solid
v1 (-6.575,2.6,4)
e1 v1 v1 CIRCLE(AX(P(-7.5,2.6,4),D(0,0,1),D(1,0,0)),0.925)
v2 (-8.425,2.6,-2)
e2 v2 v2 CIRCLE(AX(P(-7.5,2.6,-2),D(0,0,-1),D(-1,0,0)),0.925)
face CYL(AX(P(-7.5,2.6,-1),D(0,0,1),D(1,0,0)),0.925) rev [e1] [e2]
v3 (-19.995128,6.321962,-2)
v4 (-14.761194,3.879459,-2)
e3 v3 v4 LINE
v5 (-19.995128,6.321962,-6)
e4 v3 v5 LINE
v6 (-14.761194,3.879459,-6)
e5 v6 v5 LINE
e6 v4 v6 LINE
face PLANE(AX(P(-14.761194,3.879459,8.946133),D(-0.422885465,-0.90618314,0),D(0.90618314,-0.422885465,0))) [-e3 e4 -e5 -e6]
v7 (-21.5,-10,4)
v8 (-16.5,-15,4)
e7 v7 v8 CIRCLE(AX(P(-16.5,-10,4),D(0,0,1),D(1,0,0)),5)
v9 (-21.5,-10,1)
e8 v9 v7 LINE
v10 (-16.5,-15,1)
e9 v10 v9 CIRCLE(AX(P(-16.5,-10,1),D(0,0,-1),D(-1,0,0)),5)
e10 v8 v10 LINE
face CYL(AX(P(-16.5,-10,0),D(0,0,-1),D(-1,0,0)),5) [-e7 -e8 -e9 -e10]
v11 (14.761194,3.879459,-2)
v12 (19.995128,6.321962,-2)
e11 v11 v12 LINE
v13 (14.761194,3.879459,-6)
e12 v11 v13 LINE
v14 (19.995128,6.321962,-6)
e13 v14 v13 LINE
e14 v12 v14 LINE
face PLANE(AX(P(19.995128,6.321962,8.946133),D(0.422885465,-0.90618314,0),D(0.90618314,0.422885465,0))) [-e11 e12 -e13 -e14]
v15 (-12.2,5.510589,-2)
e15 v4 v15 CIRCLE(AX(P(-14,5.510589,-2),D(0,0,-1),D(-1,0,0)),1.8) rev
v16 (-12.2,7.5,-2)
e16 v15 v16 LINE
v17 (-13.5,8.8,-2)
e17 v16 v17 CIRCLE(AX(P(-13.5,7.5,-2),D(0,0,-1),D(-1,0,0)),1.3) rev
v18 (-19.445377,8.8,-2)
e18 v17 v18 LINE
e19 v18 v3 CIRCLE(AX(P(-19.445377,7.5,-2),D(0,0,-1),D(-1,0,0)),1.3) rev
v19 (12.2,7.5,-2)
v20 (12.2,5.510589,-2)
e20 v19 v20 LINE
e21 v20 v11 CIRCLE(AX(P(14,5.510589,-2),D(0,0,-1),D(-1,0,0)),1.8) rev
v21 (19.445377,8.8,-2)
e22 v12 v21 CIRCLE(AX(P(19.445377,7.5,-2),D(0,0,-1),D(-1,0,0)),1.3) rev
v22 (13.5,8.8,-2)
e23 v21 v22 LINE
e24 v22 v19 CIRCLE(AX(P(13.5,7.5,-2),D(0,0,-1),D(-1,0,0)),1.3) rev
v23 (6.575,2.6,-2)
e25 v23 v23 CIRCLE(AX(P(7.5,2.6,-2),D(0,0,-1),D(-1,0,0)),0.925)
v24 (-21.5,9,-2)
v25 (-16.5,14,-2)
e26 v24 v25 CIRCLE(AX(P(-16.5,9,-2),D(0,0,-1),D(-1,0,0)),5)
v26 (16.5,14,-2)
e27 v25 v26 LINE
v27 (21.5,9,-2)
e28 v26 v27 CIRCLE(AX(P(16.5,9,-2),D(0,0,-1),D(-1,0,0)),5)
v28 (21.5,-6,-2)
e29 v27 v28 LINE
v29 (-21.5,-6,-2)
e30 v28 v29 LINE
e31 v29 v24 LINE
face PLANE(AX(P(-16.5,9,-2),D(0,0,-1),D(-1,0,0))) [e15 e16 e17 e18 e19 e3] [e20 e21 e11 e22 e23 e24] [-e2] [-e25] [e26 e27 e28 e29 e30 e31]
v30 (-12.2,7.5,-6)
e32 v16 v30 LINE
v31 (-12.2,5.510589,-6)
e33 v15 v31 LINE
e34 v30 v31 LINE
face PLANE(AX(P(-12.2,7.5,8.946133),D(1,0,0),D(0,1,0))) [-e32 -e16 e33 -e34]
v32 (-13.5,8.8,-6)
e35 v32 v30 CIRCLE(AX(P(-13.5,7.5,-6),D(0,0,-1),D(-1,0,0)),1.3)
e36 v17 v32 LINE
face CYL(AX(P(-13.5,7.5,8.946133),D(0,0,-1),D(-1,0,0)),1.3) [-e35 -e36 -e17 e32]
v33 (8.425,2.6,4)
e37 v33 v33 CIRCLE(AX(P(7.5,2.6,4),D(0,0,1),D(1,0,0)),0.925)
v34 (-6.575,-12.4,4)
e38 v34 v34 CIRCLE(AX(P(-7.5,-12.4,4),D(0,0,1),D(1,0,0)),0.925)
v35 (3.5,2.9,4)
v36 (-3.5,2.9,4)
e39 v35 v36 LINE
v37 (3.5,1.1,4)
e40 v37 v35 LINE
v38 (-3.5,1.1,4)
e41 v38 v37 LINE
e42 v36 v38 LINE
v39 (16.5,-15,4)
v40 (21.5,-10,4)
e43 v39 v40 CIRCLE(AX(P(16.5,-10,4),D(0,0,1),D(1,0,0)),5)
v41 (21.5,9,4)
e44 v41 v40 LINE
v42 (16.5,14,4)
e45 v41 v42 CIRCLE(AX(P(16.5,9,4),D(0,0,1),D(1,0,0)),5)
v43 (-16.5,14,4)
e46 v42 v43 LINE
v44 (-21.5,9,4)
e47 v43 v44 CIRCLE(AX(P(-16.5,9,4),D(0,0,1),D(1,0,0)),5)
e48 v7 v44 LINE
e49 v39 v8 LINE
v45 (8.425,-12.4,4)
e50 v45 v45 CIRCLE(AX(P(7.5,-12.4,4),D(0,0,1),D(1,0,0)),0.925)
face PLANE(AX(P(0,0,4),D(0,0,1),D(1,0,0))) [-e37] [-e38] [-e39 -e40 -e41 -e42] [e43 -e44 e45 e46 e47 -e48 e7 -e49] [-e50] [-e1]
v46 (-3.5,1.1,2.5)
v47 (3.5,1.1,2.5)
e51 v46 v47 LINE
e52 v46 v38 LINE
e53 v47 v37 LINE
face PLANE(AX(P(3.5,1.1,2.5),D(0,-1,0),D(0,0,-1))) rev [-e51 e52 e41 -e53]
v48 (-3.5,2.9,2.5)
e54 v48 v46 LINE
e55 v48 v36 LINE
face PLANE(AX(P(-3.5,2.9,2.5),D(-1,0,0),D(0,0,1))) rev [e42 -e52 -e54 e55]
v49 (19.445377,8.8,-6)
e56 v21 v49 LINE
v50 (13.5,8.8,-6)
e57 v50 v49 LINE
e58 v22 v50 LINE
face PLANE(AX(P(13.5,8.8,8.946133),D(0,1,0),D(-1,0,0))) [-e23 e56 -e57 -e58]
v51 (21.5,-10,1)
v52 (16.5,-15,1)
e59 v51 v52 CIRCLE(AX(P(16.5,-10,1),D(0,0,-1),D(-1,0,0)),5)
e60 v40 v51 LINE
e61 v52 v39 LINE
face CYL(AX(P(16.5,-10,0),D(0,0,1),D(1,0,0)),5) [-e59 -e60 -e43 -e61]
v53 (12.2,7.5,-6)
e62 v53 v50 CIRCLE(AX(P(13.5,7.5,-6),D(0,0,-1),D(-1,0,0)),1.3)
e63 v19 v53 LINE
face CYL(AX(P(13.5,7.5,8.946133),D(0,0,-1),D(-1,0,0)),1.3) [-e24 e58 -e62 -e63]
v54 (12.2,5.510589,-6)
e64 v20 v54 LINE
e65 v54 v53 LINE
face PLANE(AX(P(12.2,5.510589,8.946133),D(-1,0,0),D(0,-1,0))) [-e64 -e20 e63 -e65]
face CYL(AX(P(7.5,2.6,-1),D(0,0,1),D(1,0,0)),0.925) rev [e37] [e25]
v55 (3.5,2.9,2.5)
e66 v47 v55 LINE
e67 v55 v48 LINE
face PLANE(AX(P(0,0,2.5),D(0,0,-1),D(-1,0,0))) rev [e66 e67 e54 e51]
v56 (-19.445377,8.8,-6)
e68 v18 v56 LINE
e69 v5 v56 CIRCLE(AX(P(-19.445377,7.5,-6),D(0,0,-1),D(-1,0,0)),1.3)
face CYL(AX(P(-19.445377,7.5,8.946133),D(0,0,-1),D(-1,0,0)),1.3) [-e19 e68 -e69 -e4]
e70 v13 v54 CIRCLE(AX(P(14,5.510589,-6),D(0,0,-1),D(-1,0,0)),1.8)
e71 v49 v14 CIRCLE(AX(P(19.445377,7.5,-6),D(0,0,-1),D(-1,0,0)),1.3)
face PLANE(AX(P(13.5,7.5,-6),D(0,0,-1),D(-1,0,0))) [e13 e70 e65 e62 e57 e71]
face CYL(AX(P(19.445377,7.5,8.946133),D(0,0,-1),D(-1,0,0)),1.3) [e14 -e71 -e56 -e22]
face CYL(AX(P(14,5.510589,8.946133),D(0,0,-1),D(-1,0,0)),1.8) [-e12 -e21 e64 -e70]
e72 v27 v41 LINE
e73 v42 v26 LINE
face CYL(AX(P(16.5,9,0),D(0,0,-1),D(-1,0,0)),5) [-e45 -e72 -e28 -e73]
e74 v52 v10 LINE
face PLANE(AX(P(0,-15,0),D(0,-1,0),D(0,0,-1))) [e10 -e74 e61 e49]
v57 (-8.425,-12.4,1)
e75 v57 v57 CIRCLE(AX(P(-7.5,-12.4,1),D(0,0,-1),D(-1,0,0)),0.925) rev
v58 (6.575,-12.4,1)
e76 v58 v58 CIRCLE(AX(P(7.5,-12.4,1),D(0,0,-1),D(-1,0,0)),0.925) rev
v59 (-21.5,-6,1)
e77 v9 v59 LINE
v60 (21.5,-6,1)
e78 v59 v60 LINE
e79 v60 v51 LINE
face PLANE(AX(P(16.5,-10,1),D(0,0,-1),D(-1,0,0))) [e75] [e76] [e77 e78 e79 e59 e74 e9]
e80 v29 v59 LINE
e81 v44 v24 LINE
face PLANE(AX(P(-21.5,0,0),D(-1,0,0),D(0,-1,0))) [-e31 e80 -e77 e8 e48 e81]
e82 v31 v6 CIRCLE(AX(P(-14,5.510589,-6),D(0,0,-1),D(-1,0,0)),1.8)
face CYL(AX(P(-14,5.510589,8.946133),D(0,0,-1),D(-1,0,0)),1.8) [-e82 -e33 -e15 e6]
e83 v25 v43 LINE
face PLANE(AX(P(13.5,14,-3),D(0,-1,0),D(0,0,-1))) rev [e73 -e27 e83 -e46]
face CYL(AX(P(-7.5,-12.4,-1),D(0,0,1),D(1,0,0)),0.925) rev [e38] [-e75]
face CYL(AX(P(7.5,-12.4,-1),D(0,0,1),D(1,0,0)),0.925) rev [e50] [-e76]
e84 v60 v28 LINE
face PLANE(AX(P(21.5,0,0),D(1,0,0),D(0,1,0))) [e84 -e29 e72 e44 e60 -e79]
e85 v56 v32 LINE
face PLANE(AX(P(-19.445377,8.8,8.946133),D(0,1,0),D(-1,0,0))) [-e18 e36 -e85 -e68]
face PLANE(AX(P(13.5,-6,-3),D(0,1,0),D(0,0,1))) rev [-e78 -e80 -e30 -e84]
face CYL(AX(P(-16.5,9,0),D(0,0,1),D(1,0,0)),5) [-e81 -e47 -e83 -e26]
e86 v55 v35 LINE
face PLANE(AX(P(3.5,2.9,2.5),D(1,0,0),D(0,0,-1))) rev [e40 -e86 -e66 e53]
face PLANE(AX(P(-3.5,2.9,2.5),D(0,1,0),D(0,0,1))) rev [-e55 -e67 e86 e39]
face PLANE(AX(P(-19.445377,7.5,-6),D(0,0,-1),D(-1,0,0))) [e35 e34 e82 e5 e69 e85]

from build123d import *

# Parameters (mm, degrees)
SKETCH_1_W           = 27
SKETCH_1_H           = 20
EXTRUDE_1_DEPTH      = 4
SKETCH_2_W           = 6.8
SKETCH_2_H           = 1.6
CUT_EXTRUDE_1_DEPTH  = 1.5
EXTRUDE_2_DEPTH      = 3
SKETCH_5_W           = 27
SKETCH_5_H           = 4
EXTRUDE_3_DEPTH      = 4
SKETCH_9_W           = 27
SKETCH_9_H           = 20
CUT_EXTRUDE_4_DEPTH  = 2
EXTRUDE_6_DEPTH      = 8
EXTRUDE_7_DEPTH      = 8
SKETCH_12_W          = 43
SKETCH_12_H          = 16
EXTRUDE_8_DEPTH      = 20
SKETCH_13_W          = 43
SKETCH_13_H          = 16
CUT_EXTRUDE_5_DEPTH  = 20
CUT_EXTRUDE_6_DEPTH  = 16
SKETCH_17_W          = 7
SKETCH_17_H          = 1.8
CUT_EXTRUDE_8_DEPTH  = 1.5
SKETCH_18_W          = 43
SKETCH_18_H          = 4
EXTRUDE_9_DEPTH      = 5
SKETCH_19_R          = 0.925
CUT_EXTRUDE_9_DEPTH  = 5
SKETCH_20_W          = 7
SKETCH_20_H          = 1.8
CUT_EXTRUDE_10_DEPTH = 1.5
SKETCH_21_W          = 7
SKETCH_21_H          = 1.8
EXTRUDE_10_DEPTH     = 1.5
FILLET_2_R           = 5
EXTRUDE_11_DEPTH     = 4
EXTRUDE_12_DEPTH     = 4
CUT_EXTRUDE_11_DEPTH = 1
SKETCH_25_R          = 0.925
EXTRUDE_13_DEPTH     = 1
EXTRUDE_START        = 1
EXTRUDE_14_DEPTH     = 1


with BuildPart() as part:
    # 草图1 → 凸台-拉伸1 (new body)
    with BuildSketch(Plane.XY):
        Rectangle(SKETCH_1_W, SKETCH_1_H)
    extrude(amount=EXTRUDE_1_DEPTH)

    # 草图2 → 切除-拉伸1 (cut)
    with BuildSketch(Plane(origin=(6.414908285, -0.597250082, 4), x_dir=(1, 0, 0), z_dir=(0, 0, 1))):
        with Locations((-6.414908285, 7.597250082)):
            Rectangle(SKETCH_2_W, SKETCH_2_H)
    extrude(amount=-CUT_EXTRUDE_1_DEPTH, mode=Mode.SUBTRACT)

    # 草图4 → 凸台-拉伸2 (add)
    with BuildSketch(Plane(origin=(0, 0, 0), x_dir=(-1, 0, 0), z_dir=(0, 0, -1))):
        Polygon((-13.5, 10), (-13.5, 14), (13.5, 14), (13.5, 10), (13.5, -6), (-13.5, -6), align=None)
    extrude(amount=EXTRUDE_2_DEPTH)

    # 草图5 → 凸台-拉伸3 (add)
    with BuildSketch(Plane(origin=(0, 10, 0), x_dir=(1, 0, 0), z_dir=(0, 1, 0))):
        with Locations((0, -2)):
            Rectangle(SKETCH_5_W, SKETCH_5_H)
    extrude(amount=EXTRUDE_3_DEPTH)

    # 草图9 → 切除-拉伸4 (cut)
    with BuildSketch(Plane(origin=(0, 0, -3), x_dir=(-1, 0, 0), z_dir=(0, 0, -1))):
        with Locations((0, 4)):
            Rectangle(SKETCH_9_W, SKETCH_9_H)
    extrude(amount=-CUT_EXTRUDE_4_DEPTH, mode=Mode.SUBTRACT)

    # 草图10 → 凸台-拉伸6 (add)
    with BuildSketch(Plane.ZY.offset(13.5)):
        Polygon((-1, 14), (-1, -6), (0, -6), (0, -10), (4, -10), (4, 14), align=None)
    extrude(amount=EXTRUDE_6_DEPTH)

    # 草图11 → 凸台-拉伸7 (add)
    with BuildSketch(Plane(origin=(13.5, 0, 0), x_dir=(0, 0, -1), z_dir=(1, 0, 0))):
        Polygon((1, -6), (1, 14), (-4, 14), (-4, -10), (0, -10), (0, -6), align=None)
    extrude(amount=EXTRUDE_7_DEPTH)

    # 草图12 → 凸台-拉伸8 (add)
    with BuildSketch(Plane(origin=(0, 0, -1), x_dir=(-1, 0, 0), z_dir=(0, 0, -1))):
        with Locations((0, 6)):
            Rectangle(SKETCH_12_W, SKETCH_12_H)
    extrude(amount=EXTRUDE_8_DEPTH)

    # 草图13 → 切除-拉伸5 (cut)
    with BuildSketch(Plane(origin=(6.414908285, -0.597250082, -21), x_dir=(-1, 0, 0), z_dir=(0, 0, -1))):
        with Locations((6.414908285, 6.597250082)):
            Rectangle(SKETCH_13_W, SKETCH_13_H)
        with BuildLine():
            Line((26.283170409, 7.191066942), (21.049236483, 4.748564443))
            ThreePointArc((21.049236483, 4.748564443), (19.609145385, 4.842633182), (18.914908285, 6.107839153))
            Line((18.914908285, 6.107839153), (18.914908285, 8.097250082))
            ThreePointArc((18.914908285, 8.097250082), (19.207801504, 8.804356863), (19.914908285, 9.097250082))
            Line((19.914908285, 9.097250082), (25.860284943, 9.097250082))
            ThreePointArc((25.860284943, 9.097250082), (26.836549031, 8.313833622), (26.283170409, 7.191066942))
        make_face(mode=Mode.SUBTRACT)
        with BuildLine():
            Line((-13.453353838, 7.191066942), (-8.219419913, 4.748564443))
            ThreePointArc((-8.219419913, 4.748564443), (-6.779328815, 4.842633182), (-6.085091715, 6.107839153))
            Line((-6.085091715, 6.107839153), (-6.085091715, 8.097250082))
            ThreePointArc((-6.085091715, 8.097250082), (-6.377984934, 8.804356863), (-7.085091715, 9.097250082))
            Line((-7.085091715, 9.097250082), (-13.030468373, 9.097250082))
            ThreePointArc((-13.030468373, 9.097250082), (-14.006732461, 8.313833622), (-13.453353838, 7.191066942))
        make_face(mode=Mode.SUBTRACT)
    extrude(amount=-CUT_EXTRUDE_5_DEPTH, mode=Mode.SUBTRACT)

    # 草图14 → 切除-拉伸6 (cut)
    with BuildSketch(Plane(origin=(6.414908285, -0.597250082, -21), x_dir=(-1, 0, 0), z_dir=(0, 0, -1))):
        with BuildLine():
            Line((21.049236483, 4.748564443), (26.283170409, 7.191066942))
            ThreePointArc((26.283170409, 7.191066942), (26.836549031, 8.313833622), (25.860284943, 9.097250082))
            Line((25.860284943, 9.097250082), (19.914908285, 9.097250082))
            ThreePointArc((19.914908285, 9.097250082), (19.207801504, 8.804356863), (18.914908285, 8.097250082))
            Line((18.914908285, 8.097250082), (18.914908285, 6.107839153))
            ThreePointArc((18.914908285, 6.107839153), (19.609145385, 4.842633182), (21.049236483, 4.748564443))
        make_face()
        with BuildLine():
            Line((-7.085091715, 9.097250082), (-13.030468373, 9.097250082))
            ThreePointArc((-13.030468373, 9.097250082), (-14.006732461, 8.313833622), (-13.453353838, 7.191066942))
            Line((-13.453353838, 7.191066942), (-8.219419913, 4.748564443))
            ThreePointArc((-8.219419913, 4.748564443), (-6.779328815, 4.842633182), (-6.085091715, 6.107839153))
            Line((-6.085091715, 6.107839153), (-6.085091715, 8.097250082))
            ThreePointArc((-6.085091715, 8.097250082), (-6.377984934, 8.804356863), (-7.085091715, 9.097250082))
        make_face()
    extrude(amount=-CUT_EXTRUDE_6_DEPTH, mode=Mode.SUBTRACT)

    # 草图17 → 切除-拉伸8 (cut)
    with BuildSketch(Plane.XY.offset(4)):
        with Locations((0, 7)):
            Rectangle(SKETCH_17_W, SKETCH_17_H)
    extrude(amount=-CUT_EXTRUDE_8_DEPTH, mode=Mode.SUBTRACT)

    # 草图18 → 凸台-拉伸9 (add)
    with BuildSketch(Plane.XZ.offset(10)):
        with Locations((0, 2)):
            Rectangle(SKETCH_18_W, SKETCH_18_H)
    extrude(amount=EXTRUDE_9_DEPTH)

    # 草图19 → 切除-拉伸9 (cut)
    with BuildSketch(Plane.XY.offset(4)):
        with Locations((-7.5, 2.6)):
            Circle(SKETCH_19_R)
        with Locations((7.5, 2.6)):
            Circle(SKETCH_19_R)
        with Locations((7.5, -12.4)):
            Circle(SKETCH_19_R)
        with Locations((-7.5, -12.4)):
            Circle(SKETCH_19_R)
    extrude(amount=-CUT_EXTRUDE_9_DEPTH, mode=Mode.SUBTRACT)

    # 草图20 → 切除-拉伸10 (cut)
    with BuildSketch(Plane.XY.offset(4)):
        with Locations((0, 2)):
            Rectangle(SKETCH_20_W, SKETCH_20_H)
    extrude(amount=-CUT_EXTRUDE_10_DEPTH, mode=Mode.SUBTRACT)

    # 草图21 → 凸台-拉伸10 (add)
    with BuildSketch(Plane.XY.offset(4)):
        with Locations((0, 7)):
            Rectangle(SKETCH_21_W, SKETCH_21_H)
    extrude(amount=-EXTRUDE_10_DEPTH)

    # 圆角2
    fillet_2_edges = [part.edges().sort_by_distance(p)[0] for p in [
        (21.5, 14, 1.5),
        (-21.5, -15, 2),
        (21.5, -15, 2),
        (-21.5, 14, 1.5),
    ]]
    fillet(fillet_2_edges, radius=FILLET_2_R)

    # 草图22 → 凸台-拉伸11 (add)
    # profile 1 of 2: a face of its own
    with BuildSketch(Plane(origin=(0, 0, -5), x_dir=(-1, 0, 0), z_dir=(0, 0, -1))):
        with BuildLine():
            Line((-13.5, 8.6), (-19.445376658, 8.6))
            ThreePointArc((-19.445376658, 8.6), (-20.519267155, 7.738241895), (-19.91055067, 6.503198546))
            Line((-19.91055067, 6.503198546), (-14.676616745, 4.060696047))
            ThreePointArc((-14.676616745, 4.060696047), (-13.140519573, 4.161036036), (-12.4, 5.510589071))
            Line((-12.4, 5.510589071), (-12.4, 7.5))
            ThreePointArc((-12.4, 7.5), (-12.722182541, 8.277817459), (-13.5, 8.6))
        make_face()
        with BuildLine():
            Line((-13.5, 8.5), (-19.445376658, 8.5))
            ThreePointArc((-19.445376658, 8.5), (-20.421640746, 7.71658354), (-19.868262123, 6.59381686))
            Line((-19.868262123, 6.59381686), (-14.634328198, 4.151314361))
            ThreePointArc((-14.634328198, 4.151314361), (-13.1942371, 4.245383101), (-12.5, 5.510589071))
            Line((-12.5, 5.510589071), (-12.5, 7.5))
            ThreePointArc((-12.5, 7.5), (-12.792893219, 8.207106781), (-13.5, 8.5))
        make_face(mode=Mode.SUBTRACT)
    # profile 2 of 2: a face of its own
    with BuildSketch(Plane(origin=(0, 0, -5), x_dir=(-1, 0, 0), z_dir=(0, 0, -1))):
        with BuildLine():
            Line((19.445376658, 8.6), (13.5, 8.6))
            ThreePointArc((13.5, 8.6), (12.722182541, 8.277817459), (12.4, 7.5))
            Line((12.4, 7.5), (12.4, 5.510589071))
            ThreePointArc((12.4, 5.510589071), (13.140519573, 4.161036036), (14.676616745, 4.060696047))
            Line((14.676616745, 4.060696047), (19.91055067, 6.503198546))
            ThreePointArc((19.91055067, 6.503198546), (20.519267155, 7.738241895), (19.445376658, 8.6))
        make_face()
        with BuildLine():
            Line((14.634328198, 4.151314361), (19.868262123, 6.59381686))
            ThreePointArc((19.868262123, 6.59381686), (20.421640746, 7.71658354), (19.445376658, 8.5))
            Line((19.445376658, 8.5), (13.5, 8.5))
            ThreePointArc((13.5, 8.5), (12.792893219, 8.207106781), (12.5, 7.5))
            Line((12.5, 7.5), (12.5, 5.510589071))
            ThreePointArc((12.5, 5.510589071), (13.1942371, 4.245383101), (14.634328198, 4.151314361))
        make_face(mode=Mode.SUBTRACT)
    extrude(amount=-EXTRUDE_11_DEPTH)

    # 草图23 → 凸台-拉伸12 (add)
    # profile 1 of 2: a face of its own
    with BuildSketch(Plane(origin=(0, 0, -5), x_dir=(-1, 0, 0), z_dir=(0, 0, -1))):
        with BuildLine():
            Line((-13.5, 8.8), (-19.445376658, 8.8))
            ThreePointArc((-19.445376658, 8.8), (-20.714519973, 7.781558603), (-19.995127763, 6.321961918))
            Line((-19.995127763, 6.321961918), (-14.761193838, 3.879459419))
            ThreePointArc((-14.761193838, 3.879459419), (-13.03308452, 3.992341907), (-12.2, 5.510589071))
            Line((-12.2, 5.510589071), (-12.2, 7.5))
            ThreePointArc((-12.2, 7.5), (-12.580761184, 8.419238816), (-13.5, 8.8))
        make_face()
        with BuildLine():
            Line((-13.5, 8.6), (-19.445376658, 8.6))
            ThreePointArc((-19.445376658, 8.6), (-20.519267155, 7.738241895), (-19.91055067, 6.503198546))
            Line((-19.91055067, 6.503198546), (-14.676616745, 4.060696047))
            ThreePointArc((-14.676616745, 4.060696047), (-13.140519573, 4.161036036), (-12.4, 5.510589071))
            Line((-12.4, 5.510589071), (-12.4, 7.5))
            ThreePointArc((-12.4, 7.5), (-12.722182541, 8.277817459), (-13.5, 8.6))
        make_face(mode=Mode.SUBTRACT)
    # profile 2 of 2: a face of its own
    with BuildSketch(Plane(origin=(0, 0, -5), x_dir=(-1, 0, 0), z_dir=(0, 0, -1))):
        with BuildLine():
            Line((19.445376658, 8.8), (13.5, 8.8))
            ThreePointArc((13.5, 8.8), (12.580761184, 8.419238816), (12.2, 7.5))
            Line((12.2, 7.5), (12.2, 5.510589071))
            ThreePointArc((12.2, 5.510589071), (13.03308452, 3.992341907), (14.761193838, 3.879459419))
            Line((14.761193838, 3.879459419), (19.995127763, 6.321961918))
            ThreePointArc((19.995127763, 6.321961918), (20.714519973, 7.781558603), (19.445376658, 8.8))
        make_face()
        with BuildLine():
            Line((19.445376658, 8.6), (13.5, 8.6))
            ThreePointArc((13.5, 8.6), (12.722182541, 8.277817459), (12.4, 7.5))
            Line((12.4, 7.5), (12.4, 5.510589071))
            ThreePointArc((12.4, 5.510589071), (13.140519573, 4.161036036), (14.676616745, 4.060696047))
            Line((14.676616745, 4.060696047), (19.91055067, 6.503198546))
            ThreePointArc((19.91055067, 6.503198546), (20.519267155, 7.738241895), (19.445376658, 8.6))
        make_face(mode=Mode.SUBTRACT)
    extrude(amount=-EXTRUDE_12_DEPTH)

    # 草图24 → 切除-拉伸11 (cut)
    with BuildSketch(Plane(origin=(0, 0, 0), x_dir=(-1, 0, 0), z_dir=(0, 0, -1))):
        with BuildLine():
            Line((-21.5, -6), (-21.5, -10))
            ThreePointArc((-21.5, -10), (-20.035533906, -13.535533906), (-16.5, -15))
            Line((-16.5, -15), (16.5, -15))
            ThreePointArc((16.5, -15), (20.035533906, -13.535533906), (21.5, -10))
            Line((21.5, -10), (21.5, -6))
            Line((21.5, -6), (-21.5, -6))
        make_face()
    extrude(amount=-CUT_EXTRUDE_11_DEPTH, mode=Mode.SUBTRACT)

    # 草图25 → 凸台-拉伸13 (add)
    with BuildSketch(Plane(origin=(0, 0, -1), x_dir=(-1, 0, 0), z_dir=(0, 0, -1))):
        with BuildLine():
            Line((16.5, 14), (-16.5, 14))
            ThreePointArc((-16.5, 14), (-20.035533906, 12.535533906), (-21.5, 9))
            Line((-21.5, 9), (-21.5, -6))
            Line((-21.5, -6), (21.5, -6))
            Line((21.5, -6), (21.5, 9))
            ThreePointArc((21.5, 9), (20.035533906, 12.535533906), (16.5, 14))
        make_face()
        with Locations(Location((-7.5, 2.6, 0), (0, 0, 180))):
            Circle(SKETCH_25_R, mode=Mode.SUBTRACT)
        with Locations(Location((7.5, 2.6, 0), (0, 0, 180))):
            Circle(SKETCH_25_R, mode=Mode.SUBTRACT)
    extrude(amount=EXTRUDE_13_DEPTH)

    # 草图26 → 凸台-拉伸14 (add)
    with BuildSketch(Plane(origin=(0, 0, -5), x_dir=(-1, 0, 0), z_dir=(0, 0, -1)).offset(EXTRUDE_START)):
        with BuildLine():
            Line((-13.5, 8.8), (-19.445376658, 8.8))
            ThreePointArc((-19.445376658, 8.8), (-20.714519973, 7.781558603), (-19.995127763, 6.321961918))
            Line((-19.995127763, 6.321961918), (-14.761193838, 3.879459419))
            ThreePointArc((-14.761193838, 3.879459419), (-13.03308452, 3.992341907), (-12.2, 5.510589071))
            Line((-12.2, 5.510589071), (-12.2, 7.5))
            ThreePointArc((-12.2, 7.5), (-12.580761184, 8.419238816), (-13.5, 8.8))
        make_face()
        with BuildLine():
            Line((19.445376658, 8.8), (13.5, 8.8))
            ThreePointArc((13.5, 8.8), (12.580761184, 8.419238816), (12.2, 7.5))
            Line((12.2, 7.5), (12.2, 5.510589071))
            ThreePointArc((12.2, 5.510589071), (13.03308452, 3.992341907), (14.761193838, 3.879459419))
            Line((14.761193838, 3.879459419), (19.995127763, 6.321961918))
            ThreePointArc((19.995127763, 6.321961918), (20.714519973, 7.781558603), (19.445376658, 8.8))
        make_face()
    extrude(amount=-EXTRUDE_14_DEPTH)


solid = part.part
